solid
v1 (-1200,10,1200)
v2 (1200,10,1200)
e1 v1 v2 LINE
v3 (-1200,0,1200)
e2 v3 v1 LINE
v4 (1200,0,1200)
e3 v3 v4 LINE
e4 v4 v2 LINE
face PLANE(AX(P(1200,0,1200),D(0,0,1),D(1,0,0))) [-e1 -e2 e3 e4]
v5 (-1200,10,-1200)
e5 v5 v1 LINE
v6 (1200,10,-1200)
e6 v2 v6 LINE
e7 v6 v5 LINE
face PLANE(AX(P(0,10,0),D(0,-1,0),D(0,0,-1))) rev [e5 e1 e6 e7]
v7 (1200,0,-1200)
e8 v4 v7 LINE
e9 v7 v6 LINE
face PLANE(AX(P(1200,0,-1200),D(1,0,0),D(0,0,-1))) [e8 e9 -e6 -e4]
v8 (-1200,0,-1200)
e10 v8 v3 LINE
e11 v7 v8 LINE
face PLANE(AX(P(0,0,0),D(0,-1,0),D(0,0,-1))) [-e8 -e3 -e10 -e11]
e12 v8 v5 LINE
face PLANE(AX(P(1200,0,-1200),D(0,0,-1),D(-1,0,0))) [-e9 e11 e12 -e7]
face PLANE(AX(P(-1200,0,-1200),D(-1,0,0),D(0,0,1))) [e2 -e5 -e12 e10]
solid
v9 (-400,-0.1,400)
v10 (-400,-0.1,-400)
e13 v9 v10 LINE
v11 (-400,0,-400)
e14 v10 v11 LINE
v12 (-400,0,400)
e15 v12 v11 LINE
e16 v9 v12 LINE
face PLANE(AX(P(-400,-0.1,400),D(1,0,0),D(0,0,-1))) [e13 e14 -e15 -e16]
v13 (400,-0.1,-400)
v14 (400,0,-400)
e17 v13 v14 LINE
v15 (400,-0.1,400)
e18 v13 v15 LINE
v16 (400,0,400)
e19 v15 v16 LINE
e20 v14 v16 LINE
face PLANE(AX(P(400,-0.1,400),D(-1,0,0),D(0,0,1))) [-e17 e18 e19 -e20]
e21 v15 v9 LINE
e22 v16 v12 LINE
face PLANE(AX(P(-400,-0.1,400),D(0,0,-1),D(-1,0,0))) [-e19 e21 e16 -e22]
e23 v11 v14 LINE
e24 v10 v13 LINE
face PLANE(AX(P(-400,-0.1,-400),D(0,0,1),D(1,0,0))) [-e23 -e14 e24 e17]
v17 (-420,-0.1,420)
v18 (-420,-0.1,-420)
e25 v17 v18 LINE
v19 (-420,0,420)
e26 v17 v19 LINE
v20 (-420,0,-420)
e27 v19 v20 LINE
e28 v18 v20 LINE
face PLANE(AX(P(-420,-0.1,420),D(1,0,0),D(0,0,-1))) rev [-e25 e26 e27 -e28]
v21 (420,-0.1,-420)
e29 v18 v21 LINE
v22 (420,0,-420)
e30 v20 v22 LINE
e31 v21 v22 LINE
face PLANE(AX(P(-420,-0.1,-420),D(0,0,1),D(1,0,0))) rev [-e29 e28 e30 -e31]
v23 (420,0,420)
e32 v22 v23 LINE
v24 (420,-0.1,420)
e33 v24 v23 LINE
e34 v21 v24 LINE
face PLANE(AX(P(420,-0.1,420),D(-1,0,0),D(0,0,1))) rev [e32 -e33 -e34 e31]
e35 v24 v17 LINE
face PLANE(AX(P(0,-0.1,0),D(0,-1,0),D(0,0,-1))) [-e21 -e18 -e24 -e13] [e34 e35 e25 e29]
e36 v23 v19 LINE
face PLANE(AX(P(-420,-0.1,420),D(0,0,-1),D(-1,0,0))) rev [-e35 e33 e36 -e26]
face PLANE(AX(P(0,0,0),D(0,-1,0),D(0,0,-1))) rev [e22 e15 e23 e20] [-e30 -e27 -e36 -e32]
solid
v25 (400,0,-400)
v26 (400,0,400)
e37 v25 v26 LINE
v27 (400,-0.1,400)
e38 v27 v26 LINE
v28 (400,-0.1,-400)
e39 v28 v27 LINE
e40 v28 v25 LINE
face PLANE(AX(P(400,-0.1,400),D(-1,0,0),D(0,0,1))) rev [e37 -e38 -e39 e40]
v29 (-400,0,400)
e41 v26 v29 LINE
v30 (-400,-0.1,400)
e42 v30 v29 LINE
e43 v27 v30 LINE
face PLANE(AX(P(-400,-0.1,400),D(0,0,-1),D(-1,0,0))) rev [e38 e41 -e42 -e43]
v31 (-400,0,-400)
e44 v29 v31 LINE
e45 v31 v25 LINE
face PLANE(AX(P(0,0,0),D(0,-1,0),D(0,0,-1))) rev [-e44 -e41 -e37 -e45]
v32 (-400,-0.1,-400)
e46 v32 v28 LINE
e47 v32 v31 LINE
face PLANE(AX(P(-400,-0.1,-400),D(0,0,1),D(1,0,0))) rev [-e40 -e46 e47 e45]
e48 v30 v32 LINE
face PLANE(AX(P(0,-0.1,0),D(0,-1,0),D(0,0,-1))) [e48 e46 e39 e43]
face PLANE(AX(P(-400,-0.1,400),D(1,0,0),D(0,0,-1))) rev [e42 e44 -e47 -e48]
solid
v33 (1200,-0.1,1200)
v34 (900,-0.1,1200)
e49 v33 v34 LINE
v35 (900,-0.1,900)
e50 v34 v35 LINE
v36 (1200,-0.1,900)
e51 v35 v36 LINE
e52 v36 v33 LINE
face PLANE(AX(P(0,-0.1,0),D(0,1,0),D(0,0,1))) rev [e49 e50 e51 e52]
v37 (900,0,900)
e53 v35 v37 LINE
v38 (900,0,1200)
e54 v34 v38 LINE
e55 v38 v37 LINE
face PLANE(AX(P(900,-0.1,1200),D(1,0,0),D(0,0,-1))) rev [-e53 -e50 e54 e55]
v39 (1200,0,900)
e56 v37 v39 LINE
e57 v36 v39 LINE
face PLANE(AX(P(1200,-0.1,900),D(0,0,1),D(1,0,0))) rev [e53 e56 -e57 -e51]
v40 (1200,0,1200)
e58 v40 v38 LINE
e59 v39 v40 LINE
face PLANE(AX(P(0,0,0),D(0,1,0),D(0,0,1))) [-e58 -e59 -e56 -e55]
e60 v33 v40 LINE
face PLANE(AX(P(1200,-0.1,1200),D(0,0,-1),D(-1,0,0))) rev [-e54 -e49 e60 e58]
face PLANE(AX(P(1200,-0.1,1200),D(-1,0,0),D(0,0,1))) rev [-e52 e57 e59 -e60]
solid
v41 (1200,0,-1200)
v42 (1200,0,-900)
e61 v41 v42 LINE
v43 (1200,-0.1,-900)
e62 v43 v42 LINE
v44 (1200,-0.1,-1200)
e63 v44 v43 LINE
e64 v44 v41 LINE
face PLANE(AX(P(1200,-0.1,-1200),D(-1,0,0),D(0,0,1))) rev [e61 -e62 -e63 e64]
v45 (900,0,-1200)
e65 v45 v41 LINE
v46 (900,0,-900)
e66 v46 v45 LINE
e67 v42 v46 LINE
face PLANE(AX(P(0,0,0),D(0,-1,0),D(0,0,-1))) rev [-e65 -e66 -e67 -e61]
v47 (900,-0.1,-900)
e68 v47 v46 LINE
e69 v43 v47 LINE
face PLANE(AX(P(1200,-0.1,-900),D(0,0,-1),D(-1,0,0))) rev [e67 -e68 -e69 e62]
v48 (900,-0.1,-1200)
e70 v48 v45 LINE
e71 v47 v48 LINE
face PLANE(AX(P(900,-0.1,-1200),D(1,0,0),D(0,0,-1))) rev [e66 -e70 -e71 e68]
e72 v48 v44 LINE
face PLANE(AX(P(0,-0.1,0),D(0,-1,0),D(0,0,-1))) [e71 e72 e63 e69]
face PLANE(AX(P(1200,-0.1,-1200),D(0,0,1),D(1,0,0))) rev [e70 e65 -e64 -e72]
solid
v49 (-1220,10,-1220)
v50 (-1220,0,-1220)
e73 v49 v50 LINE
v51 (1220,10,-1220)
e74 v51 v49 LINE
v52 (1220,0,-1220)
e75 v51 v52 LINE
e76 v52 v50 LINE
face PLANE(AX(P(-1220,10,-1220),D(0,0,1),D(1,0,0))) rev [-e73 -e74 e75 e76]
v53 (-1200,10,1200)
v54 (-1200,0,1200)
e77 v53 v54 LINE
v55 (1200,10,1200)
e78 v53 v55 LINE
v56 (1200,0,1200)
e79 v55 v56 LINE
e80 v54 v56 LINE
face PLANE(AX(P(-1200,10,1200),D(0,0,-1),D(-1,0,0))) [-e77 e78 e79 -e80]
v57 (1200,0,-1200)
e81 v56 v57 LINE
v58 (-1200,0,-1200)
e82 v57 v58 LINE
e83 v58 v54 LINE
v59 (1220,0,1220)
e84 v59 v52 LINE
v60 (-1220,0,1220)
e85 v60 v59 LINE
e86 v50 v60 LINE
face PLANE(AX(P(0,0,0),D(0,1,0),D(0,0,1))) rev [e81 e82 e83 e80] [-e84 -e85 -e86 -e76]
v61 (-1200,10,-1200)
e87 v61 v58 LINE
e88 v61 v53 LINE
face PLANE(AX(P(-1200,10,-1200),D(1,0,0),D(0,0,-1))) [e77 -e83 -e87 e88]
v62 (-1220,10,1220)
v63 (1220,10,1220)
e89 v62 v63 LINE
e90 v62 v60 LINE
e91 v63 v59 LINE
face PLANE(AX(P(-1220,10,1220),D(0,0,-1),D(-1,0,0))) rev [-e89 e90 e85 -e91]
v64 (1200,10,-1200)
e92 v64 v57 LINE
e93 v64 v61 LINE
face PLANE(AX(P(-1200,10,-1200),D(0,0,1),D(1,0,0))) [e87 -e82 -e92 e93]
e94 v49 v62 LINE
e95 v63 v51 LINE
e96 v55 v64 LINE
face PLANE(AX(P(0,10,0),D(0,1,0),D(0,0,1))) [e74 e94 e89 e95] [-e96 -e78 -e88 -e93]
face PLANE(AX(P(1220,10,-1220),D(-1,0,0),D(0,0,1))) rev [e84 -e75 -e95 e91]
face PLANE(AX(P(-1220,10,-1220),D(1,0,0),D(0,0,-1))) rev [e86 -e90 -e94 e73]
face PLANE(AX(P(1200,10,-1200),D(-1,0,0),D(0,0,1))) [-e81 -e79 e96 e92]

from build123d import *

# Parameters (mm, degrees)
SKETCH_4_W       = 2440
SKETCH_4_H       = 2440
SKETCH_4_W_2     = 2400
SKETCH_4_H_2     = 2400
EXTRUDE_4_DEPTH  = 10
SKETCH_5_W       = 2400
SKETCH_5_H       = 2400
EXTRUDE_6_DEPTH  = 10
SKETCH_6_W       = 300
SKETCH_6_H       = 300
EXTRUDE_9_DEPTH  = 0.1
SKETCH_7_W       = 300
SKETCH_7_H       = 300
EXTRUDE_10_DEPTH = 0.1
SKETCH_8_W       = 800
SKETCH_8_H       = 800
EXTRUDE_11_DEPTH = 0.1
SKETCH_9_W       = 840
SKETCH_9_H       = 840
SKETCH_9_W_2     = 800
SKETCH_9_H_2     = 800
EXTRUDE_13_DEPTH = 0.1


with BuildPart() as part:
    # 草图4 → 凸台-拉伸4 (new body)
    with BuildSketch(Plane(origin=(0, 0, 0), x_dir=(1, 0, 0), z_dir=(0, 1, 0))):
        Rectangle(SKETCH_4_W, SKETCH_4_H)
        Rectangle(SKETCH_4_W_2, SKETCH_4_H_2, mode=Mode.SUBTRACT)
    extrude(amount=EXTRUDE_4_DEPTH)


with BuildPart() as body_2:
    # 草图5 → 凸台-拉伸6 (new body)
    with BuildSketch(Plane(origin=(0, 10, 0), x_dir=(1, 0, 0), z_dir=(0, 1, 0))):
        Rectangle(SKETCH_5_W, SKETCH_5_H)
    extrude(amount=-EXTRUDE_6_DEPTH)


with BuildPart() as body_3:
    # 草图6 → 凸台-拉伸9 (new body)
    with BuildSketch(Plane.XZ):
        with Locations((1050, 1050)):
            Rectangle(SKETCH_6_W, SKETCH_6_H)
    extrude(amount=EXTRUDE_9_DEPTH)


with BuildPart() as body_4:
    # 草图7 → 凸台-拉伸10 (new body)
    with BuildSketch(Plane.XZ):
        with Locations((1050, -1050)):
            Rectangle(SKETCH_7_W, SKETCH_7_H)
    extrude(amount=EXTRUDE_10_DEPTH)


with BuildPart() as body_5:
    # 草图8 → 凸台-拉伸11 (new body)
    with BuildSketch(Plane.XZ):
        Rectangle(SKETCH_8_W, SKETCH_8_H)
    extrude(amount=EXTRUDE_11_DEPTH)


with BuildPart() as body_6:
    # 草图9 → 凸台-拉伸13 (new body)
    with BuildSketch(Plane.XZ):
        Rectangle(SKETCH_9_W, SKETCH_9_H)
        Rectangle(SKETCH_9_W_2, SKETCH_9_H_2, mode=Mode.SUBTRACT)
    extrude(amount=EXTRUDE_13_DEPTH)


solid = Compound([part.part, body_2.part, body_3.part, body_4.part, body_5.part, body_6.part])
